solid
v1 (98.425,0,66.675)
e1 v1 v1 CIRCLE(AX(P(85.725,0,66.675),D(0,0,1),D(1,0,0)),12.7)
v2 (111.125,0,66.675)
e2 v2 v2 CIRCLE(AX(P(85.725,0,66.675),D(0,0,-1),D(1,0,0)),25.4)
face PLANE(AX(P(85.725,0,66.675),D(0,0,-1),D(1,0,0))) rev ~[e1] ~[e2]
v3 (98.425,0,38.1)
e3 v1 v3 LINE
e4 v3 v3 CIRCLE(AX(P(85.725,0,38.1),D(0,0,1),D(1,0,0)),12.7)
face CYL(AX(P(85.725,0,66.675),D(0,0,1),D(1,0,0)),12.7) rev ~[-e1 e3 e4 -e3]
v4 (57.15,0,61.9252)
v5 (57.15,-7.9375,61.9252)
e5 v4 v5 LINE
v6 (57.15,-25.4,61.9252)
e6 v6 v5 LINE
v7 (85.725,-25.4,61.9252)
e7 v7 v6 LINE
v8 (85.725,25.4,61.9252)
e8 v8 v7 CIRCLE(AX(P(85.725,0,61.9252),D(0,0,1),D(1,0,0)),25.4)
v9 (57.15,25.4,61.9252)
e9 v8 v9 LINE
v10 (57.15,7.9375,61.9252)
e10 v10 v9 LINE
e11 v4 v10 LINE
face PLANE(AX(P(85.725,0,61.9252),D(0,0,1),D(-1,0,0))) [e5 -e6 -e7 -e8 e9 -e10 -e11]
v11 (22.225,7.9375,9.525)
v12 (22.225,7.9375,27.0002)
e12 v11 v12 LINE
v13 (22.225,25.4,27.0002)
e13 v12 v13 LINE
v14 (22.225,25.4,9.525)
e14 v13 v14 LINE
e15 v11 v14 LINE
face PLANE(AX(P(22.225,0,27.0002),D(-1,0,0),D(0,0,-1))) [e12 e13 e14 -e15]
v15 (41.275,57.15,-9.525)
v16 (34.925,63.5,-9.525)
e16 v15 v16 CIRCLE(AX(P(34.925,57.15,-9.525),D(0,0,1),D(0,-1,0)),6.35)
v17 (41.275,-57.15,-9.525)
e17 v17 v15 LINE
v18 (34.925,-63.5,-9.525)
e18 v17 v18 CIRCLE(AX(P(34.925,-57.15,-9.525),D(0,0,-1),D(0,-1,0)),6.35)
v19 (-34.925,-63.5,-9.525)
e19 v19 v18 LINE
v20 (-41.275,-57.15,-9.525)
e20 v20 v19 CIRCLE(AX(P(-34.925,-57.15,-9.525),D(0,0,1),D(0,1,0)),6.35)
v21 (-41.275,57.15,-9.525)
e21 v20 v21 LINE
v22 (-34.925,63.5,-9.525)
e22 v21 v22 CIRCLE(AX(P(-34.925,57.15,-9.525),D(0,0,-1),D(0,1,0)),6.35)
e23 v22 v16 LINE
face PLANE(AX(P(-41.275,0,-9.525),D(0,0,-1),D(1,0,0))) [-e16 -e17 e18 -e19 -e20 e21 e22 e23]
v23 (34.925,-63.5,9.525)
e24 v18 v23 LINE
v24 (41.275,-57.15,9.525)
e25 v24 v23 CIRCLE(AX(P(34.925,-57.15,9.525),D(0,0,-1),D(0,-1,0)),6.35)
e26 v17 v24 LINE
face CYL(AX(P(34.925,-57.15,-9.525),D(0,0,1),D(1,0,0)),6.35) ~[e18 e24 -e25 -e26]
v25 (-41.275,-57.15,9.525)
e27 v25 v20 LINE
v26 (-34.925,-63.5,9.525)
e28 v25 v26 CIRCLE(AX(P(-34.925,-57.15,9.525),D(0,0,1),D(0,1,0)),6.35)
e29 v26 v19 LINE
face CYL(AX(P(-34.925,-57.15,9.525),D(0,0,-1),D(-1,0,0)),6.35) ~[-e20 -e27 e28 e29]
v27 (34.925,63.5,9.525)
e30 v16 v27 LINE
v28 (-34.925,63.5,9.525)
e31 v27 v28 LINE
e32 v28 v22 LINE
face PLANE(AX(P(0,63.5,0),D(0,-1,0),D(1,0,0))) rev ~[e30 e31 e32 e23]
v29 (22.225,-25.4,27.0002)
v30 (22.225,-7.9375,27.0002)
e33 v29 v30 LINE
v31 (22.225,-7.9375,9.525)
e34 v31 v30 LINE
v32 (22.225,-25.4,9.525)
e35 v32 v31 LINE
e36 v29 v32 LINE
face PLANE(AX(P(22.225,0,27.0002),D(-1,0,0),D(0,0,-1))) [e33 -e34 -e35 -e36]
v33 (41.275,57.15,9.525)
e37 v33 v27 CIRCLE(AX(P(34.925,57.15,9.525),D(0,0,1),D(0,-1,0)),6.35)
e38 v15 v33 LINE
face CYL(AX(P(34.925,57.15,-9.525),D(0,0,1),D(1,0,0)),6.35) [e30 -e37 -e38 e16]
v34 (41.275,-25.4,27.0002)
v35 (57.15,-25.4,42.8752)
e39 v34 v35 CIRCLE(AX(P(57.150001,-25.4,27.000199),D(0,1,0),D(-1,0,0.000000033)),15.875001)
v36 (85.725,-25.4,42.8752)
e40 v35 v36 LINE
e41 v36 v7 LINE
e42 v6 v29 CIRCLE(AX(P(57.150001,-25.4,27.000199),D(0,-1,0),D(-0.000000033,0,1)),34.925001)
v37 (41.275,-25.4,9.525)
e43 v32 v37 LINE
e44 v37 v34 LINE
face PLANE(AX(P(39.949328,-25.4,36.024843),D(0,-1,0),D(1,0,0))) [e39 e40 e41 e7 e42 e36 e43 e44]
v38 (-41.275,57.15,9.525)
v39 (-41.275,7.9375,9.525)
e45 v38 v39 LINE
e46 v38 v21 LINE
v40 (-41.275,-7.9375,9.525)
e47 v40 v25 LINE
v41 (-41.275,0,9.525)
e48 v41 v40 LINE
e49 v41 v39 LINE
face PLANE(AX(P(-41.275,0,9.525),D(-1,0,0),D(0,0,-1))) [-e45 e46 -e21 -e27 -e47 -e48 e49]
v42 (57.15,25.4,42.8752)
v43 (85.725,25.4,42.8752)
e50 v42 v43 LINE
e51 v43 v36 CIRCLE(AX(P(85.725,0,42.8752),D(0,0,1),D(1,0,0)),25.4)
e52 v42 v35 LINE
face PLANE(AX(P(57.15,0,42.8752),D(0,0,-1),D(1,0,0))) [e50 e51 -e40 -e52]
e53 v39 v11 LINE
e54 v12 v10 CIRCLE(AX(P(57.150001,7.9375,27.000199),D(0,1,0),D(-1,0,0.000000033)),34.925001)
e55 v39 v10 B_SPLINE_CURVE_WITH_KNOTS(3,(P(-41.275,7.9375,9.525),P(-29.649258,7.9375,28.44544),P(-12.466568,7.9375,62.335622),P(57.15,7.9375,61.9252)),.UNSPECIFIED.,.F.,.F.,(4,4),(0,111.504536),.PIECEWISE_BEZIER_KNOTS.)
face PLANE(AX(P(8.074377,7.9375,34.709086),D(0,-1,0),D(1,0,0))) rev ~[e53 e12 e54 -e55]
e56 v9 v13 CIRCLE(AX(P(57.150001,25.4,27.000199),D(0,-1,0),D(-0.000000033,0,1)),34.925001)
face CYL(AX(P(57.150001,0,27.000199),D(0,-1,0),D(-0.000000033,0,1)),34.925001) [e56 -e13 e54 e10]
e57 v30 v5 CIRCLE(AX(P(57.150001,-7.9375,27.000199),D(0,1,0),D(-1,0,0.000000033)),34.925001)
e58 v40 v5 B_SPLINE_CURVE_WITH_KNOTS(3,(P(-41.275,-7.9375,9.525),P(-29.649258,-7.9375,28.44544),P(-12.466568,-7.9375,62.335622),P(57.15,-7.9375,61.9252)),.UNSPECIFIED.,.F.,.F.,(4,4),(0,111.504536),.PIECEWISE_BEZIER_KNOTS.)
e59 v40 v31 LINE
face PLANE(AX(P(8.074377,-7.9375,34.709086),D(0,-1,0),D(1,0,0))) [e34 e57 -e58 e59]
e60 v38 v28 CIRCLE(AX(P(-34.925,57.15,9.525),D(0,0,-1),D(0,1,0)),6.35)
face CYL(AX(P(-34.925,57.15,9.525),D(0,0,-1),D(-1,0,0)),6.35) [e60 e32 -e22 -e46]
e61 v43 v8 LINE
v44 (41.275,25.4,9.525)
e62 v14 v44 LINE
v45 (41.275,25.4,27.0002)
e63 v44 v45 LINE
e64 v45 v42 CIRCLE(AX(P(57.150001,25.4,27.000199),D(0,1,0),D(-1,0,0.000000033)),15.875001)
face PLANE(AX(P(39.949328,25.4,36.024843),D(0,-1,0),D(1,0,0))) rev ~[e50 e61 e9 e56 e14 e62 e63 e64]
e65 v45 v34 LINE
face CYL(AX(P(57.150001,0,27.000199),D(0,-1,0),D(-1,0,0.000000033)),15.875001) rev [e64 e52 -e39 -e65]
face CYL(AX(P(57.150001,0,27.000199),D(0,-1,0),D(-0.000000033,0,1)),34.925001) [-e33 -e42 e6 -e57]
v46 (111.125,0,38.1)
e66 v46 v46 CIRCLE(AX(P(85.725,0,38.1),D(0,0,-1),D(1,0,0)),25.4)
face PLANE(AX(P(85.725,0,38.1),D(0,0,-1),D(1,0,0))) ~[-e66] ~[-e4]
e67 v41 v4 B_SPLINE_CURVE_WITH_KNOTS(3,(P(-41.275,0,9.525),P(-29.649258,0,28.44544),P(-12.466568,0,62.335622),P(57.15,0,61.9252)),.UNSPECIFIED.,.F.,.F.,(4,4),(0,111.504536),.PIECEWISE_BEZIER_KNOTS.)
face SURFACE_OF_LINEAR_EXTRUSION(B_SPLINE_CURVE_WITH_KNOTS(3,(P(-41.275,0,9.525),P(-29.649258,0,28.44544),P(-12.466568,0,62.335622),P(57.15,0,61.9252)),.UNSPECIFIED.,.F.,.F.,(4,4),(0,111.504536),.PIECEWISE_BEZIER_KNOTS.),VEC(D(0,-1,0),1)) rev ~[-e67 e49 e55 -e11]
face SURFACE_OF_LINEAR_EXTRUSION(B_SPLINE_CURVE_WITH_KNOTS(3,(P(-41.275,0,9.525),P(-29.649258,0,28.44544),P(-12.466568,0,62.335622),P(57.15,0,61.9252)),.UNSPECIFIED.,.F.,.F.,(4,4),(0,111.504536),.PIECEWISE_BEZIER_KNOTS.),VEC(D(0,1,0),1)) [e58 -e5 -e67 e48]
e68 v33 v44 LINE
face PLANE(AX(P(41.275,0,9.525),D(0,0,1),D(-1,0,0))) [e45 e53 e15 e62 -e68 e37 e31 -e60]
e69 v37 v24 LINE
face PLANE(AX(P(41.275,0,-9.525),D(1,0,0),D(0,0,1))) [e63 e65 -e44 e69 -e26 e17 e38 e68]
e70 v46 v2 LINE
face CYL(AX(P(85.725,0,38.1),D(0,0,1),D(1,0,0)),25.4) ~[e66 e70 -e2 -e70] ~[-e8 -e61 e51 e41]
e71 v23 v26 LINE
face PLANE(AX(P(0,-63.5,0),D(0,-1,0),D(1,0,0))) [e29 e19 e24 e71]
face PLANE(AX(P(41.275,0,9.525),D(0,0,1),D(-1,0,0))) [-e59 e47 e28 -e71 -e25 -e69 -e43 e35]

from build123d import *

# Parameters (mm, degrees)
F1_DEPTH = 63.5
F0_W     = 25.4
F0_H     = 19.05
F2_DEPTH = 25.4
F3_DEPTH = 7.9375
F5_R     = 6.35
F6_R     = 12.7
F7_DEPTH = 76.201


with BuildPart() as f1:
    # F0 (on Front) → F1 (new body, symmetric)
    with BuildSketch(Plane.XZ):
        Polygon((41.275, -9.525), (41.275, 9.525), (22.225, 9.525), (-41.275, 9.525), (-41.275, -9.525), align=None)
    extrude(amount=F1_DEPTH, both=True)

    # F0 (on Front) → F2 (join, symmetric)
    with BuildSketch(Plane.XZ):
        with BuildLine():
            Line((22.225, 9.525), (41.275, 9.525))
            Line((41.275, 9.525), (41.275, 27.0002))
            ThreePointArc((41.275, 27.0002), (45.92468, 38.22552), (57.15, 42.8752))
            Line((57.15, 42.8752), (60.325, 42.8752))
            Line((60.325, 42.8752), (60.325, 61.9252))
            Line((60.325, 61.9252), (57.15, 61.9252))
            ThreePointArc((57.15, 61.9252), (32.454296, 51.695904), (22.225, 27.0002))
            Line((22.225, 27.0002), (22.225, 9.525))
        make_face()
        with Locations((73.025, 52.4002)):
            Rectangle(F0_W, F0_H)
    extrude(amount=F2_DEPTH, both=True)

    # F0 (on Front) → F3 (join, symmetric)
    with BuildSketch(Plane.XZ):
        with BuildLine():
            Line((-41.275, 9.525), (22.225, 9.525))
            Line((22.225, 9.525), (22.225, 27.0002))
            ThreePointArc((22.225, 27.0002), (32.454296, 51.695904), (57.15, 61.9252))
            add(Edge.make_bspline(
                [(-41.275, 9.525), (-29.649258, 28.44544), (-12.466568, 62.335622), (57.15, 61.9252)],
                knots=[0, 0, 0, 0, 111.504536, 111.504536, 111.504536, 111.504536], degree=3))
        make_face()
    extrude(amount=F3_DEPTH, both=True)

    # F0 (on Front) → F4 (revolve)
    with BuildSketch(Plane.XZ):
        Polygon((85.725, 61.9252), (85.725, 42.8752), (85.725, 38.1), (111.125, 38.1), (111.125, 66.675), (85.725, 66.675), align=None)
    revolve(axis=Axis((85.725, 0, 52.4002), (0, 0, -1)))

    # F5
    f5_edges = [f1.edges().sort_by_distance(p)[0] for p in [
        (41.275, -63.5, 0),
        (-41.275, -63.5, 0),
        (-41.275, 63.5, 0),
        (41.275, 63.5, 0),
    ]]
    fillet(f5_edges, radius=F5_R)

    # F6 (on face) → F7 (cut, through all)
    with BuildSketch(Plane.XY.offset(66.675)):
        with Locations((85.725, 0)):
            Circle(F6_R)
    extrude(amount=-F7_DEPTH, mode=Mode.SUBTRACT)


solid = f1.part
